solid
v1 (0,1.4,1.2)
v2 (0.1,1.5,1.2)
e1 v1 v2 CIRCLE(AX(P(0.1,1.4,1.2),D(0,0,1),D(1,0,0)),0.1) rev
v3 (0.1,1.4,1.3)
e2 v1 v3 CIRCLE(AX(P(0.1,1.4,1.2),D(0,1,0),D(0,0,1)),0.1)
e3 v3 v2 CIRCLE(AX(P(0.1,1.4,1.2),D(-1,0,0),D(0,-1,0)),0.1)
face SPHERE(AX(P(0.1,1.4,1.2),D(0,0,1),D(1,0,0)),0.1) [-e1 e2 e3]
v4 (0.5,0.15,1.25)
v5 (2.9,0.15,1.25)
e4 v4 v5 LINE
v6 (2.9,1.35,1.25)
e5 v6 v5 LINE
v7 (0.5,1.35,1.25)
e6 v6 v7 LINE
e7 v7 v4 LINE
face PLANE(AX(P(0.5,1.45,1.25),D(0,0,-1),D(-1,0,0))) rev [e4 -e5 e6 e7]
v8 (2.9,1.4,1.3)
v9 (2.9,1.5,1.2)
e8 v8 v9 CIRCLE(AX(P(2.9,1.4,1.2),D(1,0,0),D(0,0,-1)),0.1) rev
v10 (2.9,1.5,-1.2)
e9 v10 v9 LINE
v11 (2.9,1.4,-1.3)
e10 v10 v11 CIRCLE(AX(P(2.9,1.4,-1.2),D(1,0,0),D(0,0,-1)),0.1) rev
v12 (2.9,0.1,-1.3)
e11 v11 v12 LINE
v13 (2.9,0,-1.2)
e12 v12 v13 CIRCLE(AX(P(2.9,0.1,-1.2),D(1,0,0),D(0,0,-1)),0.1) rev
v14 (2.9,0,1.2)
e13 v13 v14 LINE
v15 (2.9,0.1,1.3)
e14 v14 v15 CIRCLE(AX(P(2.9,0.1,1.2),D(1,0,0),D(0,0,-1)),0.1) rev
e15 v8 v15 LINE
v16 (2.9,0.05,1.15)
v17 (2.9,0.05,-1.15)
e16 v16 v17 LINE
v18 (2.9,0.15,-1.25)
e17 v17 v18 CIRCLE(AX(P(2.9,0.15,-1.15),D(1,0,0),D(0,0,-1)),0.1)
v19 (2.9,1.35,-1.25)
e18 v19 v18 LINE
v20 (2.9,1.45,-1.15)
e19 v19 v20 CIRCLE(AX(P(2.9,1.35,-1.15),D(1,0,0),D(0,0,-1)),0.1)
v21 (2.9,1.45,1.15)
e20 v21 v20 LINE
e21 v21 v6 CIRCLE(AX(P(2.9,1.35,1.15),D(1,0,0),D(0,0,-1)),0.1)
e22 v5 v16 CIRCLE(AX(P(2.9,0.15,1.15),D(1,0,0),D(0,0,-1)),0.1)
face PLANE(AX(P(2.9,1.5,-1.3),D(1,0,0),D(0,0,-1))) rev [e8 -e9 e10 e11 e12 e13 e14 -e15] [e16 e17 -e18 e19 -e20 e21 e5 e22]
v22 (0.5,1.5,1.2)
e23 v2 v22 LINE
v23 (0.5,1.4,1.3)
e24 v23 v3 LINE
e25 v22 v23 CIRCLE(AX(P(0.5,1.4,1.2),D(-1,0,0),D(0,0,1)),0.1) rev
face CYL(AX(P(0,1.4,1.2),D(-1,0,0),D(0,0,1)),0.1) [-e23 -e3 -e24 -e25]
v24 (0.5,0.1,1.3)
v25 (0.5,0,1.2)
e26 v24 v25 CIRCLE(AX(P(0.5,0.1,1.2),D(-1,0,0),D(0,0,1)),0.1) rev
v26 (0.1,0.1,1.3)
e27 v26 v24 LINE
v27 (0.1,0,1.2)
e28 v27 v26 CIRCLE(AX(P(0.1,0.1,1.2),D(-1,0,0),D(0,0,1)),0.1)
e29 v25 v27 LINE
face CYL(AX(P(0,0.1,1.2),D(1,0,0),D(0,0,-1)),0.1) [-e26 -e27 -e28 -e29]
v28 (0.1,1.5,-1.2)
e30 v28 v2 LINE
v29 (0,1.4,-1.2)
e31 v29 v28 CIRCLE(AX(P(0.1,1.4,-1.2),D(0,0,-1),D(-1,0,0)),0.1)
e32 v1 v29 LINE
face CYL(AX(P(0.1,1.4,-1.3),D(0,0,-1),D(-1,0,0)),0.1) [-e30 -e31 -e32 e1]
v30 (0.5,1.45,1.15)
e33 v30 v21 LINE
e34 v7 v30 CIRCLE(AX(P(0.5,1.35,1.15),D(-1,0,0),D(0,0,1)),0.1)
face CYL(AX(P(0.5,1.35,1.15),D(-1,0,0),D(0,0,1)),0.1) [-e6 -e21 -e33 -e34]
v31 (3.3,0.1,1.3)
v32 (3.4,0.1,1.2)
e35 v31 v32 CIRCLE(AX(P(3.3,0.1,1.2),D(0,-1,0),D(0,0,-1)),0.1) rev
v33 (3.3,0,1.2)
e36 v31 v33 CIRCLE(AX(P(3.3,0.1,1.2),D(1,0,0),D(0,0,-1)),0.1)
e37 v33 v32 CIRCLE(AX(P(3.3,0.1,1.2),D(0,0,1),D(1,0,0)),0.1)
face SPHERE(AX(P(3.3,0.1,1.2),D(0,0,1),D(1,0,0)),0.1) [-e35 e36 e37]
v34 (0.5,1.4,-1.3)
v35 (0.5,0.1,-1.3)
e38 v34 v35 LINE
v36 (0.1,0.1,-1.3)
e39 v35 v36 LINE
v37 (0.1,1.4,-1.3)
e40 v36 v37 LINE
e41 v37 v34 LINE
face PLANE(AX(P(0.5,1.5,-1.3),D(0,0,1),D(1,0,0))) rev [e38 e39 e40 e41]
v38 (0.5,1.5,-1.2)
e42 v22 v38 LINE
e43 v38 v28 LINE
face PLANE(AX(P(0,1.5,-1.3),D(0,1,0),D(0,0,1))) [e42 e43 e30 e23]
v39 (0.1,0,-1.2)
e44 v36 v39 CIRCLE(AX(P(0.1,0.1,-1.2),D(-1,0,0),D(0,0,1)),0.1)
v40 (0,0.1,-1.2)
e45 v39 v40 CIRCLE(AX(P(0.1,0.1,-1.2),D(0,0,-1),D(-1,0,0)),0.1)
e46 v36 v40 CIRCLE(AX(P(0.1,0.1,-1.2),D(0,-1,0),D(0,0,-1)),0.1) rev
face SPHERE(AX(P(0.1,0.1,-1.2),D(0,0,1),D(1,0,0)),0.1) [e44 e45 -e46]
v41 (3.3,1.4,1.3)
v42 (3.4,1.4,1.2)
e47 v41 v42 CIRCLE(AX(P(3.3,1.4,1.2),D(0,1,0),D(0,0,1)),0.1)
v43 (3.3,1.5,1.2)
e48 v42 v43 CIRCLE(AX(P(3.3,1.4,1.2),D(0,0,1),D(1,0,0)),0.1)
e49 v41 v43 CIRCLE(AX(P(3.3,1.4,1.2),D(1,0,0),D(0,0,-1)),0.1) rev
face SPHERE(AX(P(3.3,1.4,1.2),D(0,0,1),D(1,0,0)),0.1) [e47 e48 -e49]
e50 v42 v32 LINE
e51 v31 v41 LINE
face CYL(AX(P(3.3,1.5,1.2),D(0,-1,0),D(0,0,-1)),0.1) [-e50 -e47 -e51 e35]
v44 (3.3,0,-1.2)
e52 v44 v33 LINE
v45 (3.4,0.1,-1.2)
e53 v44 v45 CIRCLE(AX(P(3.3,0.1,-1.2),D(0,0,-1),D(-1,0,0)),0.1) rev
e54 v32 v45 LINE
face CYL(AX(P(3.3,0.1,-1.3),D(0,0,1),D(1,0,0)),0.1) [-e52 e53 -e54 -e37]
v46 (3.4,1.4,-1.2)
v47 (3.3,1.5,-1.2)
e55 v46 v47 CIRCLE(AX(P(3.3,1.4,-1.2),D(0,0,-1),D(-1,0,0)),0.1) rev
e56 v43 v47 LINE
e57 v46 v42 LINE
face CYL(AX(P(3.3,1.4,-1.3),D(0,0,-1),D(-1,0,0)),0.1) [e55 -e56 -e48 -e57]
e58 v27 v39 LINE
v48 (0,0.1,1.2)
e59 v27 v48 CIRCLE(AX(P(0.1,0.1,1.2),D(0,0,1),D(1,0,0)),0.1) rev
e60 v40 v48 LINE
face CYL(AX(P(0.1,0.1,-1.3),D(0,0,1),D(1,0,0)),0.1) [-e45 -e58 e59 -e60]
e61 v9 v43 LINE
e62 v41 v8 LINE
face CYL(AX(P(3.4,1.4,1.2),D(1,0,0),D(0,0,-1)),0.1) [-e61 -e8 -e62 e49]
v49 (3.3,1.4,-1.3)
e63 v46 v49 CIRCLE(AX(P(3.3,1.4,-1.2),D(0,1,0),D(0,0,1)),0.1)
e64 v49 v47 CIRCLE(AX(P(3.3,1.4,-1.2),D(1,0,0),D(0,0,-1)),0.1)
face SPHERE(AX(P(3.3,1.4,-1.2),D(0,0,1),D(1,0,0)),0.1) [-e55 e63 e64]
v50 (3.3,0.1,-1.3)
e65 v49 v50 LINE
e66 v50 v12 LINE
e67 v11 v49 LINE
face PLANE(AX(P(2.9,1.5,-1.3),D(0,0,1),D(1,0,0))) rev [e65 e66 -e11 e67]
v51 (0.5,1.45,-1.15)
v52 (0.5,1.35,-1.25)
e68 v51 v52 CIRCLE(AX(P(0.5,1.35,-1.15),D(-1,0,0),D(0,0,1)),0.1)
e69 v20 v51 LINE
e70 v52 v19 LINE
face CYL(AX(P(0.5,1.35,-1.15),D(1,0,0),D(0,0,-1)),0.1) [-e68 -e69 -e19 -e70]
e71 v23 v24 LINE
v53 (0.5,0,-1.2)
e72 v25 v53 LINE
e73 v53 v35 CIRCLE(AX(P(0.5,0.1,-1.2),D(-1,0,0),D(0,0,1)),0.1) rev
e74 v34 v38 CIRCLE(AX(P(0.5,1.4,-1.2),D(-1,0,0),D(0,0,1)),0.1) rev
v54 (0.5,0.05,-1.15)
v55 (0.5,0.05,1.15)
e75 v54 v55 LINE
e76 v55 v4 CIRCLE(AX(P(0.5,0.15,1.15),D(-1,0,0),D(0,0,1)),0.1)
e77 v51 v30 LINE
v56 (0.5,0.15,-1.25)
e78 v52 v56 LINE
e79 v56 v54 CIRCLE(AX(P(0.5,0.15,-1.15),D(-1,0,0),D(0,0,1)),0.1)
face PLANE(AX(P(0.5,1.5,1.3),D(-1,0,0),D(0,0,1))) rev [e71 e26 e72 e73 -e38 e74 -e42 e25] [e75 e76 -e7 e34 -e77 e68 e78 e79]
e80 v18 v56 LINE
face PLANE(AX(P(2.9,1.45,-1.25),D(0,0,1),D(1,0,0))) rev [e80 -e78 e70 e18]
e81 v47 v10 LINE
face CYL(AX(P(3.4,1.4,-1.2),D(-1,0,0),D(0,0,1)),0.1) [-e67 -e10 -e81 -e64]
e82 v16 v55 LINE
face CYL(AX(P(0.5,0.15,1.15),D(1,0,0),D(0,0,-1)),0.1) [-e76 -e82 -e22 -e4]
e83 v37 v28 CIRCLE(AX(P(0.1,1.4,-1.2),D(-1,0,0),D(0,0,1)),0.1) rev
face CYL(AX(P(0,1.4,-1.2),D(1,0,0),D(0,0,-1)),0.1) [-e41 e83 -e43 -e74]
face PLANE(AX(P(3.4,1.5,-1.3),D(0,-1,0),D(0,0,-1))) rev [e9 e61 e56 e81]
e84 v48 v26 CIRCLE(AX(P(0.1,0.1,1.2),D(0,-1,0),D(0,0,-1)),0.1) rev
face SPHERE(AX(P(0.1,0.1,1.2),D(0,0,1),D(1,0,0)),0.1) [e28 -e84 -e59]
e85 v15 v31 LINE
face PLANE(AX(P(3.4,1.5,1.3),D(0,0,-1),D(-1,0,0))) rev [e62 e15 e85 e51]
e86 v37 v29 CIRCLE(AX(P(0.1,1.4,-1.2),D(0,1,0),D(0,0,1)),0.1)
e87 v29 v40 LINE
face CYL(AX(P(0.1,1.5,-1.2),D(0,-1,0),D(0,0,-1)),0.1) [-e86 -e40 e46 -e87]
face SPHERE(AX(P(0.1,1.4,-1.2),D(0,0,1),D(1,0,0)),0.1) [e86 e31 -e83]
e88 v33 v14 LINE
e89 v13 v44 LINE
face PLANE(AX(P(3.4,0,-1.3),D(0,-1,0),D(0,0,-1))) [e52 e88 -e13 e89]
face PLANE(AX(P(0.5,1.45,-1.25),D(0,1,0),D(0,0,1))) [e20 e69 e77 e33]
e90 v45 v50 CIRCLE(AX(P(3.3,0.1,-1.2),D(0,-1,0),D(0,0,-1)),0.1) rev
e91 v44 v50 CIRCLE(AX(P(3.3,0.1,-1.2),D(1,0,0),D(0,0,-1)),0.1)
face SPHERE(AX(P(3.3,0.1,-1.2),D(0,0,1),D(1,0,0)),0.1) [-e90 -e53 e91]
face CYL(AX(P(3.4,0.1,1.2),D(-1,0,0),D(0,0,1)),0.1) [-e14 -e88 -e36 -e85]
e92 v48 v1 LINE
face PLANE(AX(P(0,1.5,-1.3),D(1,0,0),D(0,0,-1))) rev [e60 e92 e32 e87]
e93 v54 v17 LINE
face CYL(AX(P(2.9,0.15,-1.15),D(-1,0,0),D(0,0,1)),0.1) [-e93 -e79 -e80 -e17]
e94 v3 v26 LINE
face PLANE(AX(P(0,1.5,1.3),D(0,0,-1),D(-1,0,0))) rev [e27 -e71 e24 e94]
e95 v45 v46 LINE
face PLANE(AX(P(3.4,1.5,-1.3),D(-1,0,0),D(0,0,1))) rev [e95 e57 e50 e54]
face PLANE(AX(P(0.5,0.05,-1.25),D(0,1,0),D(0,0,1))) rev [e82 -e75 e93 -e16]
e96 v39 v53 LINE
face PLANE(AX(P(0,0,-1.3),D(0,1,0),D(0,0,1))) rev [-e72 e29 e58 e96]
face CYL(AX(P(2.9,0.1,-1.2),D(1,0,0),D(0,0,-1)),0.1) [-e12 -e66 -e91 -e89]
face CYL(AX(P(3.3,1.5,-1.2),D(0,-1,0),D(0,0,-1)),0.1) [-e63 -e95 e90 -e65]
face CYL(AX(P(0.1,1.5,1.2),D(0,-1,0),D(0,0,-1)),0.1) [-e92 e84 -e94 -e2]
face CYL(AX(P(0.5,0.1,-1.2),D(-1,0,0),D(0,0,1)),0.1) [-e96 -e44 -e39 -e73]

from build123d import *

# Parameters (mm, degrees)
SKETCH1_W             = 0.5
SKETCH1_H             = 2.6
BOSS_EXTRUDE1_DEPTH   = 1.5
BOSS_EXTRUDE1_2_DEPTH = 1.5
BOSS_EXTRUDE2_START   = 0.05
SKETCH2_W             = 2.4
SKETCH2_H             = 2.5
BOSS_EXTRUDE2_DEPTH   = 1.4
FILLET1_R             = 0.1


with BuildPart() as part:
    # Sketch1 → Boss-Extrude1 (new body)
    with BuildSketch(Plane(origin=(0, 0, 0), x_dir=(1, 0, 0), z_dir=(0, 1, 0))):
        with Locations((0.25, 0)):
            Rectangle(SKETCH1_W, SKETCH1_H)
    extrude(amount=BOSS_EXTRUDE1_DEPTH)



with BuildPart() as body_2:
    # Sketch1 → Boss-Extrude1 2 (new body)
    with BuildSketch(Plane(origin=(0, 0, 0), x_dir=(1, 0, 0), z_dir=(0, 1, 0))):
        with Locations((3.15, 0)):
            Rectangle(SKETCH1_W, SKETCH1_H)
    extrude(amount=BOSS_EXTRUDE1_2_DEPTH)


with BuildPart() as part_1:
    add(part.part)

    add(body_2.part)  # Boss-Extrude2 merges body 2
    # Sketch2 → Boss-Extrude2 (add)
    with BuildSketch(Plane(origin=(0, 0, 0), x_dir=(1, 0, 0), z_dir=(0, 1, 0)).offset(BOSS_EXTRUDE2_START)):
        with Locations((1.7, 0)):
            Rectangle(SKETCH2_W, SKETCH2_H)
    extrude(amount=BOSS_EXTRUDE2_DEPTH)

    # Fillet1
    fillet1_edges = [part_1.edges().sort_by_distance(p)[0] for p in [
        (0.25, 1.5, 1.3),
        (1.7, 0.05, -1.25),
        (1.7, 0.05, 1.25),
        (1.7, 1.45, -1.25),
        (1.7, 1.45, 1.25),
        (3.15, 0, -1.3),
        (3.4, 0.75, -1.3),
        (3.15, 0, 1.3),
        (3.4, 0, 0),
        (3.4, 0.75, 1.3),
        (3.15, 1.5, -1.3),
        (3.15, 1.5, 1.3),
        (3.4, 1.5, 0),
        (0.25, 1.5, -1.3),
        (0.25, 0, 1.3),
        (0, 0, 0),
        (0.25, 0, -1.3),
        (0, 1.5, 0),
        (0, 0.75, 1.3),
        (0, 0.75, -1.3),
    ]]
    fillet(fillet1_edges, radius=FILLET1_R)


solid = part_1.part
